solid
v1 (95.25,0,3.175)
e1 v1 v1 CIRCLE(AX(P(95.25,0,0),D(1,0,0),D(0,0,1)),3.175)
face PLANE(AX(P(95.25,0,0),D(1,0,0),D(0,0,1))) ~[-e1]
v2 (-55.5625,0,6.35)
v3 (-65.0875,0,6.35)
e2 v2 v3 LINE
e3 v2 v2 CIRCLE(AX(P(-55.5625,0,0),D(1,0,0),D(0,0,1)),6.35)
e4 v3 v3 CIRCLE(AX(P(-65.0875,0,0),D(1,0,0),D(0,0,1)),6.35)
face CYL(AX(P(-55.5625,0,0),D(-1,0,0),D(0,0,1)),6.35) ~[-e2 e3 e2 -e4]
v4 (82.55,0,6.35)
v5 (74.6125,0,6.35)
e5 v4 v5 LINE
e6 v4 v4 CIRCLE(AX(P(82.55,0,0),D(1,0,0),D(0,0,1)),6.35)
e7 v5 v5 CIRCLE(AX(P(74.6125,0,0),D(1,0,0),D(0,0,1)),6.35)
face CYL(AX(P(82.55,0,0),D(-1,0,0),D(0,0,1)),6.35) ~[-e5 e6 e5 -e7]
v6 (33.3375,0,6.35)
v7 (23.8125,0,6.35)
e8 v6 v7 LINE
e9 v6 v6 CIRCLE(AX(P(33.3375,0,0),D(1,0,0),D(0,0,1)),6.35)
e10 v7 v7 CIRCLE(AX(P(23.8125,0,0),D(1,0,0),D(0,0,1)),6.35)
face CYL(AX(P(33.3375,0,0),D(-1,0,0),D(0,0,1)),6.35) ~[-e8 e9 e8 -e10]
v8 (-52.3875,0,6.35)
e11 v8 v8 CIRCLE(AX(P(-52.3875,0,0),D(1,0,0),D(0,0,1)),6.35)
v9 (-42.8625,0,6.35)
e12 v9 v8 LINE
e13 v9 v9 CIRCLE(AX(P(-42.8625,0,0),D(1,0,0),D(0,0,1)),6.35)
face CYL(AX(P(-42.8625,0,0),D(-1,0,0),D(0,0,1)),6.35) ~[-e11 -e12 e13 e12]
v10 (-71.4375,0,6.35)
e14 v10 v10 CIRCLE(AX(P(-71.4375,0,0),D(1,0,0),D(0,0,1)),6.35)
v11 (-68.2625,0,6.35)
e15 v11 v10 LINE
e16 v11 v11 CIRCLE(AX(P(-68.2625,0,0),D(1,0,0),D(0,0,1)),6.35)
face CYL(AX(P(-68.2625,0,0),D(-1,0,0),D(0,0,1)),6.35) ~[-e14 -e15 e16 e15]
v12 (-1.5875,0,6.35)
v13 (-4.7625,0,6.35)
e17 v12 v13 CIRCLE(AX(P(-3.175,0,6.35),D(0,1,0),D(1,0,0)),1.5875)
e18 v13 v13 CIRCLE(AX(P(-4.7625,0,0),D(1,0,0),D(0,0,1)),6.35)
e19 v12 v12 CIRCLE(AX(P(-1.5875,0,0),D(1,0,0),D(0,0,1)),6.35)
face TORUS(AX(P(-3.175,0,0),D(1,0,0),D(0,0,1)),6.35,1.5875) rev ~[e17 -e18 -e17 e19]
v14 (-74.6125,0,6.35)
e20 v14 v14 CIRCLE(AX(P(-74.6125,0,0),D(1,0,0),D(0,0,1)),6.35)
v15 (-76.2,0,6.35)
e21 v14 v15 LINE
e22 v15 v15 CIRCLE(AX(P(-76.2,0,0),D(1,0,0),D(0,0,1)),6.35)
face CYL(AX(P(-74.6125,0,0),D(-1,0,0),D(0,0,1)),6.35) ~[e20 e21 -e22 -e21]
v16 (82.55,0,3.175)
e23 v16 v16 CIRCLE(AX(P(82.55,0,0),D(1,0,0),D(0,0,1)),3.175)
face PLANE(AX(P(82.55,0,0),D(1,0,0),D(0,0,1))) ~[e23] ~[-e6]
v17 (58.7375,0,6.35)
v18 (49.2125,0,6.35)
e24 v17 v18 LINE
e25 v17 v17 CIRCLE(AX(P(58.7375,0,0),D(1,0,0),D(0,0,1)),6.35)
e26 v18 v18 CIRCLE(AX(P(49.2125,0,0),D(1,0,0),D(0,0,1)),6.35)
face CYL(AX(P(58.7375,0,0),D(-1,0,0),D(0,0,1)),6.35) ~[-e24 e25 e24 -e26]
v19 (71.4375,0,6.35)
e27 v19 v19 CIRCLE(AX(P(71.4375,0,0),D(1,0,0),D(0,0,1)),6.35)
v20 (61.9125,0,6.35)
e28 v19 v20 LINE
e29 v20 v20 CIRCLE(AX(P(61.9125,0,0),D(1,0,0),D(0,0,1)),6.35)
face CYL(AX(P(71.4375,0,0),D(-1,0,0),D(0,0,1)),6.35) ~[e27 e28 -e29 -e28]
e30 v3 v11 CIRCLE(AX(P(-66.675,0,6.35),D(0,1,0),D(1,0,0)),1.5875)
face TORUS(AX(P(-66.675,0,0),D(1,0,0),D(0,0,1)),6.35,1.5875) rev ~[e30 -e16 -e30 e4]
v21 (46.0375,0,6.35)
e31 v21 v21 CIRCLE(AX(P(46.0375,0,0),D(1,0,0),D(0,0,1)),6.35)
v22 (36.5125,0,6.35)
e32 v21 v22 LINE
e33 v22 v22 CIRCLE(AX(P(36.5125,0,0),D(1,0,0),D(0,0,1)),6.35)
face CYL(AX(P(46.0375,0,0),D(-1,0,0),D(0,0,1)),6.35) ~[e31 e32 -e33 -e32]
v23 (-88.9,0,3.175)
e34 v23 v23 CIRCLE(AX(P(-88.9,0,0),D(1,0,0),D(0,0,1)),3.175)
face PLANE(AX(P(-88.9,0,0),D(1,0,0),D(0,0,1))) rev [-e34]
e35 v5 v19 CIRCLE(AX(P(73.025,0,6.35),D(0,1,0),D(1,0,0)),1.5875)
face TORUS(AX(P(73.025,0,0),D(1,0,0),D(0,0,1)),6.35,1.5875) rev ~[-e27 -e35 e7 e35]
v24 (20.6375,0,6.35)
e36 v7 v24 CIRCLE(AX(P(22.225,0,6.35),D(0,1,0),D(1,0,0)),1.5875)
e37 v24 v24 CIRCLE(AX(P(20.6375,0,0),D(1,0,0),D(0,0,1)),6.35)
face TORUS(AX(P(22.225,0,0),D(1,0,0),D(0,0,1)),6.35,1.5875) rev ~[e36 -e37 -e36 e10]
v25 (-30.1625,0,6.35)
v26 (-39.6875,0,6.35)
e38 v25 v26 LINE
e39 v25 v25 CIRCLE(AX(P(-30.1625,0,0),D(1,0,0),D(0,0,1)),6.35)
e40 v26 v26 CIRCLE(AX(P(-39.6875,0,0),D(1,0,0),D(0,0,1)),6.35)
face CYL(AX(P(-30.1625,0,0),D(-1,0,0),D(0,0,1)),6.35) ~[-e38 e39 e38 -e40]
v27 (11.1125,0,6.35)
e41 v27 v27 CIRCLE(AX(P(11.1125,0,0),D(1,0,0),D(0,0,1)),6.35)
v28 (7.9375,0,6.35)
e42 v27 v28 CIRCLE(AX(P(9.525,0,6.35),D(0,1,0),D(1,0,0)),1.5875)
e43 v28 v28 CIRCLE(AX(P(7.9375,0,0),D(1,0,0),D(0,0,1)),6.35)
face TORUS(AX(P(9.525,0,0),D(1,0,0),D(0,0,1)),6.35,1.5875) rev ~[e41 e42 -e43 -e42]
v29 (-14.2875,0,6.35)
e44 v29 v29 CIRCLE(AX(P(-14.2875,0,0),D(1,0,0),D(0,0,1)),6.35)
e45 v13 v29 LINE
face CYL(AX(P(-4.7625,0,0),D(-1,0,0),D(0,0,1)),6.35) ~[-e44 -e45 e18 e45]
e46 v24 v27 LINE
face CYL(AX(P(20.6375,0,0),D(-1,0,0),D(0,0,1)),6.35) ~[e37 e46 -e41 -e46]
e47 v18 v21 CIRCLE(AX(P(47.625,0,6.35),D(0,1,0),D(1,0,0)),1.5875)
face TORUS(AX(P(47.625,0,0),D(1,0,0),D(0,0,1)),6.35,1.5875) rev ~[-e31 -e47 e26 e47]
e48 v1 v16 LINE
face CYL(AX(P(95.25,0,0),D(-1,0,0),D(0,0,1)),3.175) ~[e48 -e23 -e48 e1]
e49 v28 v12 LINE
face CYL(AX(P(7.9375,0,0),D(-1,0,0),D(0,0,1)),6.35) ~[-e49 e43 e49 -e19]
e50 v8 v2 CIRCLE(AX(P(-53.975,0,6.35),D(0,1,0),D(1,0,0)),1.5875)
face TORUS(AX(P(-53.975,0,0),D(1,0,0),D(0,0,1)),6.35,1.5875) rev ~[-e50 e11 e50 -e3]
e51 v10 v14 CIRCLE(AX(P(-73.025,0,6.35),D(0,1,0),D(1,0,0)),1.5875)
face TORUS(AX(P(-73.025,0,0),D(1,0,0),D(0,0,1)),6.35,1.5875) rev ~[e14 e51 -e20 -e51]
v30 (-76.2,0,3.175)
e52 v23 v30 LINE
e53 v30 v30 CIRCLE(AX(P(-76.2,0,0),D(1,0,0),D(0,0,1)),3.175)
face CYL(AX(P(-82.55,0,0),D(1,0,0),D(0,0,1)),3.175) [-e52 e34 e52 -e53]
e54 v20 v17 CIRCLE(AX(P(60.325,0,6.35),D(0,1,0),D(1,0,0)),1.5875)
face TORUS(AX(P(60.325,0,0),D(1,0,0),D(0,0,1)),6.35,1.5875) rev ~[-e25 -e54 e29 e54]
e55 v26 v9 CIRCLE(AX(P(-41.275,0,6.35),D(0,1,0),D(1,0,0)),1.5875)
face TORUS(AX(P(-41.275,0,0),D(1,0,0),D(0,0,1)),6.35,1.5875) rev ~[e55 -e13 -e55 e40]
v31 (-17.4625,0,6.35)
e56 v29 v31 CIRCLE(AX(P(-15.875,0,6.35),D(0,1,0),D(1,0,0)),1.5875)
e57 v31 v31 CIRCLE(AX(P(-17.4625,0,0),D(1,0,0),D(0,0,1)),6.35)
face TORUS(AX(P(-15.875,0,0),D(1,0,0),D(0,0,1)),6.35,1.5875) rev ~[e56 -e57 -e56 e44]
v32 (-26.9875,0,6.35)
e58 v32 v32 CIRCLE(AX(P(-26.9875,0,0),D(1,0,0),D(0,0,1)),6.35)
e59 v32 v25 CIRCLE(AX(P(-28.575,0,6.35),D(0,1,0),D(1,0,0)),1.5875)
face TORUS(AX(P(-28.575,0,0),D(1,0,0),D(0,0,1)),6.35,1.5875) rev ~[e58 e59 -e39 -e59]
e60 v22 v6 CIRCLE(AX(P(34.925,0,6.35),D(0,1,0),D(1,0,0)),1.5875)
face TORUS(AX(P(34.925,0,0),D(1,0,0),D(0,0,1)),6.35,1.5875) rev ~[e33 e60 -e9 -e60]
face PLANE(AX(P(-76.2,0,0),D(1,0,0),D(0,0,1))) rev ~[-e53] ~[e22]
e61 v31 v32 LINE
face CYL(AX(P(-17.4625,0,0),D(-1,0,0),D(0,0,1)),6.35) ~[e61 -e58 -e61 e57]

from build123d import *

# Parameters (mm, degrees)
F0_W = 12.7
F0_H = 3.175


with BuildPart() as f1:
    # F0 (on Front) → F1 (revolve)
    with BuildSketch(Plane.XZ):
        with BuildLine():
            Line((-76.2, 3.175), (-76.2, 0))
            Line((-76.2, 0), (82.55, 0))
            Line((82.55, 0), (95.25, 0))
            Line((95.25, 0), (95.25, 3.175))
            Line((95.25, 3.175), (82.55, 3.175))
            Line((82.55, 3.175), (82.55, 6.35))
            Line((82.55, 6.35), (74.6125, 6.35))
            ThreePointArc((74.6125, 6.35), (73.025, 4.7625), (71.4375, 6.35))
            Line((71.4375, 6.35), (61.9125, 6.35))
            ThreePointArc((61.9125, 6.35), (60.325, 4.7625), (58.7375, 6.35))
            Line((58.7375, 6.35), (49.2125, 6.35))
            ThreePointArc((49.2125, 6.35), (47.625, 4.7625), (46.0375, 6.35))
            Line((46.0375, 6.35), (36.5125, 6.35))
            ThreePointArc((36.5125, 6.35), (34.925, 4.7625), (33.3375, 6.35))
            Line((33.3375, 6.35), (23.8125, 6.35))
            ThreePointArc((23.8125, 6.35), (22.225, 4.7625), (20.6375, 6.35))
            Line((20.6375, 6.35), (11.1125, 6.35))
            ThreePointArc((11.1125, 6.35), (9.525, 4.7625), (7.9375, 6.35))
            Line((7.9375, 6.35), (-1.5875, 6.35))
            ThreePointArc((-1.5875, 6.35), (-3.175, 4.7625), (-4.7625, 6.35))
            Line((-4.7625, 6.35), (-14.2875, 6.35))
            ThreePointArc((-14.2875, 6.35), (-15.875, 4.7625), (-17.4625, 6.35))
            Line((-17.4625, 6.35), (-26.9875, 6.35))
            ThreePointArc((-26.9875, 6.35), (-28.575, 4.7625), (-30.1625, 6.35))
            Line((-30.1625, 6.35), (-39.6875, 6.35))
            ThreePointArc((-39.6875, 6.35), (-41.275, 4.7625), (-42.8625, 6.35))
            Line((-42.8625, 6.35), (-52.3875, 6.35))
            ThreePointArc((-52.3875, 6.35), (-53.975, 4.7625), (-55.5625, 6.35))
            Line((-55.5625, 6.35), (-65.0875, 6.35))
            ThreePointArc((-65.0875, 6.35), (-66.675, 4.7625), (-68.2625, 6.35))
            Line((-68.2625, 6.35), (-71.4375, 6.35))
            ThreePointArc((-71.4375, 6.35), (-73.025, 4.7625), (-74.6125, 6.35))
            Line((-74.6125, 6.35), (-76.2, 6.35))
            Line((-76.2, 6.35), (-76.2, 3.175))
        make_face()
        with Locations((-82.55, 1.5875)):
            Rectangle(F0_W, F0_H)
    revolve(axis=Axis((3.175, 0, 0), (1, 0, 0)))


solid = f1.part
